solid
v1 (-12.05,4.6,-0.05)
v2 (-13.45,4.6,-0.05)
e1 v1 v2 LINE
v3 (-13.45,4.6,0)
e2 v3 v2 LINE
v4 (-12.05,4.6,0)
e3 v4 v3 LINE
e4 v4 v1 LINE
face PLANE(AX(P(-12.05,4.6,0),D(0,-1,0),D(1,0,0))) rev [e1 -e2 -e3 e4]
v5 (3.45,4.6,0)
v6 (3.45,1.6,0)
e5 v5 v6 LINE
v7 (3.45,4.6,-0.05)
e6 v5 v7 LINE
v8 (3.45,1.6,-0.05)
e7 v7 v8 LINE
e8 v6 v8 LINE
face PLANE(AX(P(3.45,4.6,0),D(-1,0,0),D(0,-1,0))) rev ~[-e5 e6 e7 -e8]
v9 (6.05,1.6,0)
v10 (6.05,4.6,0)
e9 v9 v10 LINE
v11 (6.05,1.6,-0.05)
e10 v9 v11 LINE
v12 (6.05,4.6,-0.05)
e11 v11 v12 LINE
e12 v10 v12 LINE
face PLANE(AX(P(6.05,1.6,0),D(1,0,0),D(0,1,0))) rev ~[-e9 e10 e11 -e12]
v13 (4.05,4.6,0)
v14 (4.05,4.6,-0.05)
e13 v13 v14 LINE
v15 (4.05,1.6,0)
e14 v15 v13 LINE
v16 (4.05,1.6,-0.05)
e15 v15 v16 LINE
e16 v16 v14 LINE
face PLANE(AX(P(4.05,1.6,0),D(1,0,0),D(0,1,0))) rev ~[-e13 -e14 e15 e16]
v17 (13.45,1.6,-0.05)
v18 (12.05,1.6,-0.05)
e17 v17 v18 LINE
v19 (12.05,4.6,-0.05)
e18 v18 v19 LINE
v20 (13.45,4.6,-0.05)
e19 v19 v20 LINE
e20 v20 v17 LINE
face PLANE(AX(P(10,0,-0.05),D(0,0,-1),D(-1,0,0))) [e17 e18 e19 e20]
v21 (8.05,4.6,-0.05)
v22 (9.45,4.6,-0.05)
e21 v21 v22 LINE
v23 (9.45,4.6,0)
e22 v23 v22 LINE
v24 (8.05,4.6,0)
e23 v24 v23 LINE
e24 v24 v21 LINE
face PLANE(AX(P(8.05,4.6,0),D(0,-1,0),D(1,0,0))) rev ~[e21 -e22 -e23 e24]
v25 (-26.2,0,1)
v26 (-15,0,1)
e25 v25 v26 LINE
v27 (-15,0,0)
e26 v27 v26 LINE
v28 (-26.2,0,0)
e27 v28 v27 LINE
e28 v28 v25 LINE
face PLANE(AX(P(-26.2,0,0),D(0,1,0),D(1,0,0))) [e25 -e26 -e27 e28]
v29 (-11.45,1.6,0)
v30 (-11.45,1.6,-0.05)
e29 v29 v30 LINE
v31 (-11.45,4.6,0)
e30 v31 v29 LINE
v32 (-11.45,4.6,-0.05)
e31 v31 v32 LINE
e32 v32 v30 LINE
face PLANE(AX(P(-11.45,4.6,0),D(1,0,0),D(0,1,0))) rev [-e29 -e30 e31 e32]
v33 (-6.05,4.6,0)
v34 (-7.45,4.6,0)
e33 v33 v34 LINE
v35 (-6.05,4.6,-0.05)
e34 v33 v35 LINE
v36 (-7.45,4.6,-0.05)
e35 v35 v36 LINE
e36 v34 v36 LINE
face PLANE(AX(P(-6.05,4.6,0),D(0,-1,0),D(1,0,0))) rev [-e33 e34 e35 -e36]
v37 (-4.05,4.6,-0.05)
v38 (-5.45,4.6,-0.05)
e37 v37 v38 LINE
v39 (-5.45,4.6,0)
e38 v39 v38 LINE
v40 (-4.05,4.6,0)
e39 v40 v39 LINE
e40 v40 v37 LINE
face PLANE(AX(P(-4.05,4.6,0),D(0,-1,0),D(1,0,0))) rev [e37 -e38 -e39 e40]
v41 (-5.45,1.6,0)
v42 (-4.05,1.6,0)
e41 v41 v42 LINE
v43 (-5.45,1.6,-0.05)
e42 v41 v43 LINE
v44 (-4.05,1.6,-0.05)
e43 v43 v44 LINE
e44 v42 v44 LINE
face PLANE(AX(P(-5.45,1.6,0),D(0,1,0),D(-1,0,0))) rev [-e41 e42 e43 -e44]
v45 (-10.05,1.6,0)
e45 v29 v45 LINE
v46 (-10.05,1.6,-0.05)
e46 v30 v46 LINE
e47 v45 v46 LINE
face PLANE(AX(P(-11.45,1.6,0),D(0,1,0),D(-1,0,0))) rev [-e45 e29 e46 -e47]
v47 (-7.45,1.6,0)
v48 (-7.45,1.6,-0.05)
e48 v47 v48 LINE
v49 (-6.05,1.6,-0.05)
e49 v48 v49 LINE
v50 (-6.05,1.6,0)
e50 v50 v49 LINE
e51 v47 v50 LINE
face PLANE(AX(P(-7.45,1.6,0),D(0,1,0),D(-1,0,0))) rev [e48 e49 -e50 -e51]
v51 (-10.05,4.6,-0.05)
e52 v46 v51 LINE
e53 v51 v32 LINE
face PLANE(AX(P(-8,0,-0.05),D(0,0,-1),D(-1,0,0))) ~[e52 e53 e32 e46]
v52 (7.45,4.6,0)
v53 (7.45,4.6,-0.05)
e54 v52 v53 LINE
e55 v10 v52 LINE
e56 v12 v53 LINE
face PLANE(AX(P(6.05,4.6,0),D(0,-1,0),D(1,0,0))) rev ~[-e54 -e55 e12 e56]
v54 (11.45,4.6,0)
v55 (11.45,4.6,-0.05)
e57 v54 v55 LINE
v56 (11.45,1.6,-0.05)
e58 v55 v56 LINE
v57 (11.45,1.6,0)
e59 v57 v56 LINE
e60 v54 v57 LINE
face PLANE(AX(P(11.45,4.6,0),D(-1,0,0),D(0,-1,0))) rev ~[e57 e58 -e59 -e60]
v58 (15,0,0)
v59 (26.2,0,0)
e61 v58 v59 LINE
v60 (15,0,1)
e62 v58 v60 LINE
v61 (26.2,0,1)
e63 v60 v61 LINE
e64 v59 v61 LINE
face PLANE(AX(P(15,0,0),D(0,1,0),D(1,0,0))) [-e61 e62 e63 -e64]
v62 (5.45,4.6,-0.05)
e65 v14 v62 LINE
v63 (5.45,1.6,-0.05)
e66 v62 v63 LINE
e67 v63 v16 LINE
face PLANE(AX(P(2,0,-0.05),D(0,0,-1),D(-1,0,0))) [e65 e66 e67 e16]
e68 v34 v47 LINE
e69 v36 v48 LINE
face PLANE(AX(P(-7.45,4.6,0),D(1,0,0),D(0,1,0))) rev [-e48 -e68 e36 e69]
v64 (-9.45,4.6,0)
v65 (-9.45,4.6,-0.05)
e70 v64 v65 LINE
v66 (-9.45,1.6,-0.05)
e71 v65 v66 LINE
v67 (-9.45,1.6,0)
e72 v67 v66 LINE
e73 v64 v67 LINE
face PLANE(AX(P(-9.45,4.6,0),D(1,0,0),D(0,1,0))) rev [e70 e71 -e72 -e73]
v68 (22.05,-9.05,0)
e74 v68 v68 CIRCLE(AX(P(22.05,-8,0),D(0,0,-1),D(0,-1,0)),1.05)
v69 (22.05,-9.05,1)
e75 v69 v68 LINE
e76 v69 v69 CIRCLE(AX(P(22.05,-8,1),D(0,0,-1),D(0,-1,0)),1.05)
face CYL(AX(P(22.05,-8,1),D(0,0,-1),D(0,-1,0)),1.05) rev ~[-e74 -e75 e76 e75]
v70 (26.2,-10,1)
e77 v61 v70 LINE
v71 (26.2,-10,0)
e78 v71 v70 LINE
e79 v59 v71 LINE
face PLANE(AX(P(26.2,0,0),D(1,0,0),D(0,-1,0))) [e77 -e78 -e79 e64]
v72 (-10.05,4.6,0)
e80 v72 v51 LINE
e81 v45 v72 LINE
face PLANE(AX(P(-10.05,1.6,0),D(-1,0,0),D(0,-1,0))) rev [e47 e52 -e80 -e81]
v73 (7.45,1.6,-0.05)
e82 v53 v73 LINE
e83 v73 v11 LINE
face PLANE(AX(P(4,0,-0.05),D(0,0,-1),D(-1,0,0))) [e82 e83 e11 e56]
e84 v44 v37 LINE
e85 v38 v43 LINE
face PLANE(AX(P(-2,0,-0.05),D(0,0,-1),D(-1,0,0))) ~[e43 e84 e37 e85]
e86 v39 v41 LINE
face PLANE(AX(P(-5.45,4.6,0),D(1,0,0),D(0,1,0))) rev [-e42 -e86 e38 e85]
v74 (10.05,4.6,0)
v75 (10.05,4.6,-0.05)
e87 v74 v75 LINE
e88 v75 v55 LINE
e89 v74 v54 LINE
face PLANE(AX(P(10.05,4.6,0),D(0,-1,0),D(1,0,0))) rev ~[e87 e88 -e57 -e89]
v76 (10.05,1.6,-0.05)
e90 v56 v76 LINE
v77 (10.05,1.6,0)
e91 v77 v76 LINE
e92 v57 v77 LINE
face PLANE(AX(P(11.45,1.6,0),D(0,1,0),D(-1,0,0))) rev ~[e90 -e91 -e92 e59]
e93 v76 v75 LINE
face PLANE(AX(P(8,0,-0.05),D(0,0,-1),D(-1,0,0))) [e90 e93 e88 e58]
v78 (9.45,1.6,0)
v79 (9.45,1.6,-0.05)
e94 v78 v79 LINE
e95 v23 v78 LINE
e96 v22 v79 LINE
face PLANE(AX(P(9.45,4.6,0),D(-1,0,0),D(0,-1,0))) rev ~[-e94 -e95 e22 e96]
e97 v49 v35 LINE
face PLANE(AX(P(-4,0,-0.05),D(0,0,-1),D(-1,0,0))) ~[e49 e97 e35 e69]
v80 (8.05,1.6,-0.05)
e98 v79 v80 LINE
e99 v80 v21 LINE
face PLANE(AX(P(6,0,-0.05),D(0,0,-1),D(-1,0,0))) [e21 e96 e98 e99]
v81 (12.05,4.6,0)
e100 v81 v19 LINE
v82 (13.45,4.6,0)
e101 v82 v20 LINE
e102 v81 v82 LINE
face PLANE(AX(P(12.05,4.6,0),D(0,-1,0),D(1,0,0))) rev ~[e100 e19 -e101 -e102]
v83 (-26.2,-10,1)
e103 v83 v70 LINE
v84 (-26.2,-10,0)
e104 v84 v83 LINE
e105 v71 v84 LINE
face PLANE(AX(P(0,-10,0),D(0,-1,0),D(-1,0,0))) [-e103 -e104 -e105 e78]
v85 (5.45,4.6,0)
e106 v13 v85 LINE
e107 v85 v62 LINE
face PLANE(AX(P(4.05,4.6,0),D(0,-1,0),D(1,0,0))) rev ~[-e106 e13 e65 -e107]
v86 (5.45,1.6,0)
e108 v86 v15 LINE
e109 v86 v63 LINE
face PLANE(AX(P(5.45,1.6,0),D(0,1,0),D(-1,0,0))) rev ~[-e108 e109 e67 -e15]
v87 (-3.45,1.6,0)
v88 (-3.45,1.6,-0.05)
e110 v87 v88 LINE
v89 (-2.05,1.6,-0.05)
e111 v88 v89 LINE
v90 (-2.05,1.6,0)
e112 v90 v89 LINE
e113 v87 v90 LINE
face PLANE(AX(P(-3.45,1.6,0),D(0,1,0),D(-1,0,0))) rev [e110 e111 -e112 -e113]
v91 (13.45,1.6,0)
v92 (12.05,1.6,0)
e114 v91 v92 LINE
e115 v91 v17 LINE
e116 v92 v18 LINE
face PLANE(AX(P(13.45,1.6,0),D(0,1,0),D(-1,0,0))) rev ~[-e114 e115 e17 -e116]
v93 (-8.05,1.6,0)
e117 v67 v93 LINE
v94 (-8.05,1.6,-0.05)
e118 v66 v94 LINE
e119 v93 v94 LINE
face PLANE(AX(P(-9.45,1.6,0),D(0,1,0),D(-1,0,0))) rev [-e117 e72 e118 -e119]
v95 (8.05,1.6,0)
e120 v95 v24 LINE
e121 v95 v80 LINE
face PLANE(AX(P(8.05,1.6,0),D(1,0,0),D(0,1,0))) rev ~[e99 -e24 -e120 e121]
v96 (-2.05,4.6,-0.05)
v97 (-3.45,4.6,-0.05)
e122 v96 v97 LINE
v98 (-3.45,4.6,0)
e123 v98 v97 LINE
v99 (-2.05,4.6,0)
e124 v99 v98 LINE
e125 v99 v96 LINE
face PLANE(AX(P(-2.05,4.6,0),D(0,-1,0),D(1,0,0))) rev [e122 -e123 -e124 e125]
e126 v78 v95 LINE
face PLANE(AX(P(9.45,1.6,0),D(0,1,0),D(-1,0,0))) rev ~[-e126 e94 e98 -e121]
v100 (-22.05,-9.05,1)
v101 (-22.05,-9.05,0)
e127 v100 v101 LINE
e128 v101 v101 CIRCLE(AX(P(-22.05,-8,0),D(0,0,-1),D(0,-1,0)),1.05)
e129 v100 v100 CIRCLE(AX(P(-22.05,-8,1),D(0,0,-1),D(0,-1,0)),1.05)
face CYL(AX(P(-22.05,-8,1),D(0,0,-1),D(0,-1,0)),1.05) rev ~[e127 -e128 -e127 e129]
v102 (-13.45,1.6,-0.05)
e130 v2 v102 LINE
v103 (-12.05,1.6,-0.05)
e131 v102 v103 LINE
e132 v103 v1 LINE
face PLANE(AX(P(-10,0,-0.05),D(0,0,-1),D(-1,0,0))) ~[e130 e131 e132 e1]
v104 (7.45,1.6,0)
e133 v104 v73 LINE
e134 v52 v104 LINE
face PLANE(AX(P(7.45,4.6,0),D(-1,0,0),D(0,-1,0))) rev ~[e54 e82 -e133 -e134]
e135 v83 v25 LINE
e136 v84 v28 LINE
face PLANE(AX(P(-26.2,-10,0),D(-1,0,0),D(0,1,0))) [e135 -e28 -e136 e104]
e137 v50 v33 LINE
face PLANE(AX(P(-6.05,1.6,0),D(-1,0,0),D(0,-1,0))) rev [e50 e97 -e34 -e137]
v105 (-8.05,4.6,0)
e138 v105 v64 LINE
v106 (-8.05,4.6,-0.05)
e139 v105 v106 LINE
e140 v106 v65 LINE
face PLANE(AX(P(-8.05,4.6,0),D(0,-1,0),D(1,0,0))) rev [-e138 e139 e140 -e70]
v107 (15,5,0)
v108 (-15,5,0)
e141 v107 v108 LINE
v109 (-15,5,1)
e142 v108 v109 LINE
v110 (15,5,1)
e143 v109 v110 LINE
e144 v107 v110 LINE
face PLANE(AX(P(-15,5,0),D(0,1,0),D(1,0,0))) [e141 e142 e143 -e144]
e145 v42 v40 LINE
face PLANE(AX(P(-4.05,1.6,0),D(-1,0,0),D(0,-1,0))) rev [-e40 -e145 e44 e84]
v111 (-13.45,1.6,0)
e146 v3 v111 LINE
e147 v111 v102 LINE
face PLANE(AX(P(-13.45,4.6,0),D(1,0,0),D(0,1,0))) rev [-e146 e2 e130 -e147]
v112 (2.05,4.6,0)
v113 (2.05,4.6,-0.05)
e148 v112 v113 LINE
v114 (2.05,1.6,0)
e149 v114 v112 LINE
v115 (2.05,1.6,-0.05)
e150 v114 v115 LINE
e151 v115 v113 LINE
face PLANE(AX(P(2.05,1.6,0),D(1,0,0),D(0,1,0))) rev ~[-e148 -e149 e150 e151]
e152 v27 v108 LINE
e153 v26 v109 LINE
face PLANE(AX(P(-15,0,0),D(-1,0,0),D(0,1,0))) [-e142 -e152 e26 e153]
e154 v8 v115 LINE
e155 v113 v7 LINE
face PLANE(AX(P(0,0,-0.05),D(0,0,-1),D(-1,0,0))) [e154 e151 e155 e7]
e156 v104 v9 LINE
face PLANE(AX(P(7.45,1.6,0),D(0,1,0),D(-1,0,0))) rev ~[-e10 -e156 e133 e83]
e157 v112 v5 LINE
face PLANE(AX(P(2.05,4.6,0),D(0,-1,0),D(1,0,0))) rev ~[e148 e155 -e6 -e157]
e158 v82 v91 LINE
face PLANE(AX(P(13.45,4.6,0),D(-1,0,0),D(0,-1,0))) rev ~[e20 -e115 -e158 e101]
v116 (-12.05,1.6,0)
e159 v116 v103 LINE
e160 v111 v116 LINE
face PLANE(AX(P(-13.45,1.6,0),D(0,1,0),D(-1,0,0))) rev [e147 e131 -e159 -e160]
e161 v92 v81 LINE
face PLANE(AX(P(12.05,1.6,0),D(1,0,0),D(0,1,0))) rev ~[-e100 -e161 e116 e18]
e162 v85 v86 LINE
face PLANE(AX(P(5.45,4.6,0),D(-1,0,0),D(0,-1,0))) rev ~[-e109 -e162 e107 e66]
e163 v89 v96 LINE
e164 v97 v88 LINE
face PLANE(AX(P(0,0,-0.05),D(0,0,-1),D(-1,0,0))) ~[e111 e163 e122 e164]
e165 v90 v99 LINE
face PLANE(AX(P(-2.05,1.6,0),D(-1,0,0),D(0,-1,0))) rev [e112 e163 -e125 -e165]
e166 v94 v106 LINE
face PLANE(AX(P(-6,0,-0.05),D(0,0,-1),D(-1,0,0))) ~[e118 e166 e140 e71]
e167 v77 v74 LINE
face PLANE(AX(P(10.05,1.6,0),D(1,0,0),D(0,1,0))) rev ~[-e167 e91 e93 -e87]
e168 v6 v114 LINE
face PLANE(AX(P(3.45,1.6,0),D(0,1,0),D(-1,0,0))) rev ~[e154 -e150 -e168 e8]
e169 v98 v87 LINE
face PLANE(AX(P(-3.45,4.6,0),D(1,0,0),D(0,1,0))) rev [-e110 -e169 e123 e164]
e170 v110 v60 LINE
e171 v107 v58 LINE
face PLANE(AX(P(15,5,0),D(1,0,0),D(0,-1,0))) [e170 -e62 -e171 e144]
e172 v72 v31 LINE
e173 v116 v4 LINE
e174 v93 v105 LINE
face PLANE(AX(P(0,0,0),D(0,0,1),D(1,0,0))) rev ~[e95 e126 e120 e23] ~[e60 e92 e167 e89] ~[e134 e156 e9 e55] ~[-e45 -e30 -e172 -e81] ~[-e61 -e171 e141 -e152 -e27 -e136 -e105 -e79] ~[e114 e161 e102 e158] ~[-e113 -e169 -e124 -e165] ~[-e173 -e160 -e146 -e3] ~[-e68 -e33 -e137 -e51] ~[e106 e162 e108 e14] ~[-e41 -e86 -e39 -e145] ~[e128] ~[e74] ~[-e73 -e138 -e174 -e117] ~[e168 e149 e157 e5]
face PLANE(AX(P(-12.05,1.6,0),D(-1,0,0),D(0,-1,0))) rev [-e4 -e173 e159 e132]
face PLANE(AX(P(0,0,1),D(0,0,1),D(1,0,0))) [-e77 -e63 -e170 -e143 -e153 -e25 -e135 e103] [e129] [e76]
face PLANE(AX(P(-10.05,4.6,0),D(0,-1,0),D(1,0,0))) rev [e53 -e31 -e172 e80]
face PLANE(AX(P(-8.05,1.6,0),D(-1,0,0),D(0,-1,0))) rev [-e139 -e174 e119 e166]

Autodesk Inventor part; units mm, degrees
ref_plane "YZ Plane" through (0, 0, 0) normal (1, 0, 0) x (0, 1, 0)
ref_plane "XZ Plane" through (0, 0, 0) normal (0, 1, 0) x (-1, 0, 0)
ref_plane "XY Plane" through (0, 0, 0) normal (0, 0, 1) x (1, 0, 0)
sketch "Skizze1" plane through (0, 0, 0) normal (0, 0, 1) x (1, 0, 0)
  line L0 (-15, 5) -> (15, 5)
  line L1 (15, 5) -> (15, 0)
  line L2 (-15, 0) -> (-15, 5)
  line L3 (26.2, 0) -> (26.2, -10)
  line L4 (26.2, -10) -> (-26.2, -10)
  line L5 (-26.2, -10) -> (-26.2, 0)
  line L6 (-26.2, 0) -> (-15, 0)
  line L7 (15, 0) -> (26.2, 0)
  line L8 (0, 8) -> (0, -13) projected
  point P0 (0, 0)
  dimension "d0" = 30
  dimension "d1" = 5
  dimension "d2" = 52.4
  dimension "d3" = 10
extrude "Extrusion1" add sketch "Skizze1" along normal blind 1
sketch "Skizze3" plane through (0, 0, 1) normal (0, 0, 1) x (1, 0, 0)
  line L0 (0, 8) -> (0, -13) projected
  line L1 (-36.68, 0) -> (36.68, 0) projected
  point P0 (0, 0)
  point P1 (22.05, -8)
  point P2 (-22.05, -8)
  dimension "d18" = 22.05
  dimension "d19" = 8
hole "Bohrung2" at (22.05, -8, 1) at (-22.05, -8, 1) direction (0, 0, -1) diameter 2.1 end through all
sketch "Skizze4" plane through (0, 0, 0) normal (0, 0, -1) x (-1, 0, 0)
  line L0 (-2.05, 4.6) -> (-3.45, 4.6)
  line L1 (-3.45, 4.6) -> (-3.45, 1.6)
  line L2 (-3.45, 1.6) -> (-2.05, 1.6)
  line L3 (-2.05, 1.6) -> (-2.05, 4.6)
  line L4 (15, 5) -> (-15, 5) projected
  line L5 (0, -13) -> (0, 8) projected
  line L6 (-2.75, 4.6) -> (-2.75, 1.6) construction
  point P0 (0, 0)
  dimension "d27" = 1.4
  dimension "d28" = 0.4
  dimension "d29" = 3
  dimension "d31" = 2.75
extrude "Extrusion2" add sketch "Skizze4" along normal blind 0.05
pattern_linear "Rechteckige Anordnung2" count 6 spacing 2 along (1, 0, 0) of "Extrusion2"
mirror "Spiegeln2" about plane through (0, 0, 0) normal (1, 0, 0) of "Extrusion2", "Rechteckige Anordnung2"
properties part number "Ballsensor IR Platine" material "Phenolharz"
